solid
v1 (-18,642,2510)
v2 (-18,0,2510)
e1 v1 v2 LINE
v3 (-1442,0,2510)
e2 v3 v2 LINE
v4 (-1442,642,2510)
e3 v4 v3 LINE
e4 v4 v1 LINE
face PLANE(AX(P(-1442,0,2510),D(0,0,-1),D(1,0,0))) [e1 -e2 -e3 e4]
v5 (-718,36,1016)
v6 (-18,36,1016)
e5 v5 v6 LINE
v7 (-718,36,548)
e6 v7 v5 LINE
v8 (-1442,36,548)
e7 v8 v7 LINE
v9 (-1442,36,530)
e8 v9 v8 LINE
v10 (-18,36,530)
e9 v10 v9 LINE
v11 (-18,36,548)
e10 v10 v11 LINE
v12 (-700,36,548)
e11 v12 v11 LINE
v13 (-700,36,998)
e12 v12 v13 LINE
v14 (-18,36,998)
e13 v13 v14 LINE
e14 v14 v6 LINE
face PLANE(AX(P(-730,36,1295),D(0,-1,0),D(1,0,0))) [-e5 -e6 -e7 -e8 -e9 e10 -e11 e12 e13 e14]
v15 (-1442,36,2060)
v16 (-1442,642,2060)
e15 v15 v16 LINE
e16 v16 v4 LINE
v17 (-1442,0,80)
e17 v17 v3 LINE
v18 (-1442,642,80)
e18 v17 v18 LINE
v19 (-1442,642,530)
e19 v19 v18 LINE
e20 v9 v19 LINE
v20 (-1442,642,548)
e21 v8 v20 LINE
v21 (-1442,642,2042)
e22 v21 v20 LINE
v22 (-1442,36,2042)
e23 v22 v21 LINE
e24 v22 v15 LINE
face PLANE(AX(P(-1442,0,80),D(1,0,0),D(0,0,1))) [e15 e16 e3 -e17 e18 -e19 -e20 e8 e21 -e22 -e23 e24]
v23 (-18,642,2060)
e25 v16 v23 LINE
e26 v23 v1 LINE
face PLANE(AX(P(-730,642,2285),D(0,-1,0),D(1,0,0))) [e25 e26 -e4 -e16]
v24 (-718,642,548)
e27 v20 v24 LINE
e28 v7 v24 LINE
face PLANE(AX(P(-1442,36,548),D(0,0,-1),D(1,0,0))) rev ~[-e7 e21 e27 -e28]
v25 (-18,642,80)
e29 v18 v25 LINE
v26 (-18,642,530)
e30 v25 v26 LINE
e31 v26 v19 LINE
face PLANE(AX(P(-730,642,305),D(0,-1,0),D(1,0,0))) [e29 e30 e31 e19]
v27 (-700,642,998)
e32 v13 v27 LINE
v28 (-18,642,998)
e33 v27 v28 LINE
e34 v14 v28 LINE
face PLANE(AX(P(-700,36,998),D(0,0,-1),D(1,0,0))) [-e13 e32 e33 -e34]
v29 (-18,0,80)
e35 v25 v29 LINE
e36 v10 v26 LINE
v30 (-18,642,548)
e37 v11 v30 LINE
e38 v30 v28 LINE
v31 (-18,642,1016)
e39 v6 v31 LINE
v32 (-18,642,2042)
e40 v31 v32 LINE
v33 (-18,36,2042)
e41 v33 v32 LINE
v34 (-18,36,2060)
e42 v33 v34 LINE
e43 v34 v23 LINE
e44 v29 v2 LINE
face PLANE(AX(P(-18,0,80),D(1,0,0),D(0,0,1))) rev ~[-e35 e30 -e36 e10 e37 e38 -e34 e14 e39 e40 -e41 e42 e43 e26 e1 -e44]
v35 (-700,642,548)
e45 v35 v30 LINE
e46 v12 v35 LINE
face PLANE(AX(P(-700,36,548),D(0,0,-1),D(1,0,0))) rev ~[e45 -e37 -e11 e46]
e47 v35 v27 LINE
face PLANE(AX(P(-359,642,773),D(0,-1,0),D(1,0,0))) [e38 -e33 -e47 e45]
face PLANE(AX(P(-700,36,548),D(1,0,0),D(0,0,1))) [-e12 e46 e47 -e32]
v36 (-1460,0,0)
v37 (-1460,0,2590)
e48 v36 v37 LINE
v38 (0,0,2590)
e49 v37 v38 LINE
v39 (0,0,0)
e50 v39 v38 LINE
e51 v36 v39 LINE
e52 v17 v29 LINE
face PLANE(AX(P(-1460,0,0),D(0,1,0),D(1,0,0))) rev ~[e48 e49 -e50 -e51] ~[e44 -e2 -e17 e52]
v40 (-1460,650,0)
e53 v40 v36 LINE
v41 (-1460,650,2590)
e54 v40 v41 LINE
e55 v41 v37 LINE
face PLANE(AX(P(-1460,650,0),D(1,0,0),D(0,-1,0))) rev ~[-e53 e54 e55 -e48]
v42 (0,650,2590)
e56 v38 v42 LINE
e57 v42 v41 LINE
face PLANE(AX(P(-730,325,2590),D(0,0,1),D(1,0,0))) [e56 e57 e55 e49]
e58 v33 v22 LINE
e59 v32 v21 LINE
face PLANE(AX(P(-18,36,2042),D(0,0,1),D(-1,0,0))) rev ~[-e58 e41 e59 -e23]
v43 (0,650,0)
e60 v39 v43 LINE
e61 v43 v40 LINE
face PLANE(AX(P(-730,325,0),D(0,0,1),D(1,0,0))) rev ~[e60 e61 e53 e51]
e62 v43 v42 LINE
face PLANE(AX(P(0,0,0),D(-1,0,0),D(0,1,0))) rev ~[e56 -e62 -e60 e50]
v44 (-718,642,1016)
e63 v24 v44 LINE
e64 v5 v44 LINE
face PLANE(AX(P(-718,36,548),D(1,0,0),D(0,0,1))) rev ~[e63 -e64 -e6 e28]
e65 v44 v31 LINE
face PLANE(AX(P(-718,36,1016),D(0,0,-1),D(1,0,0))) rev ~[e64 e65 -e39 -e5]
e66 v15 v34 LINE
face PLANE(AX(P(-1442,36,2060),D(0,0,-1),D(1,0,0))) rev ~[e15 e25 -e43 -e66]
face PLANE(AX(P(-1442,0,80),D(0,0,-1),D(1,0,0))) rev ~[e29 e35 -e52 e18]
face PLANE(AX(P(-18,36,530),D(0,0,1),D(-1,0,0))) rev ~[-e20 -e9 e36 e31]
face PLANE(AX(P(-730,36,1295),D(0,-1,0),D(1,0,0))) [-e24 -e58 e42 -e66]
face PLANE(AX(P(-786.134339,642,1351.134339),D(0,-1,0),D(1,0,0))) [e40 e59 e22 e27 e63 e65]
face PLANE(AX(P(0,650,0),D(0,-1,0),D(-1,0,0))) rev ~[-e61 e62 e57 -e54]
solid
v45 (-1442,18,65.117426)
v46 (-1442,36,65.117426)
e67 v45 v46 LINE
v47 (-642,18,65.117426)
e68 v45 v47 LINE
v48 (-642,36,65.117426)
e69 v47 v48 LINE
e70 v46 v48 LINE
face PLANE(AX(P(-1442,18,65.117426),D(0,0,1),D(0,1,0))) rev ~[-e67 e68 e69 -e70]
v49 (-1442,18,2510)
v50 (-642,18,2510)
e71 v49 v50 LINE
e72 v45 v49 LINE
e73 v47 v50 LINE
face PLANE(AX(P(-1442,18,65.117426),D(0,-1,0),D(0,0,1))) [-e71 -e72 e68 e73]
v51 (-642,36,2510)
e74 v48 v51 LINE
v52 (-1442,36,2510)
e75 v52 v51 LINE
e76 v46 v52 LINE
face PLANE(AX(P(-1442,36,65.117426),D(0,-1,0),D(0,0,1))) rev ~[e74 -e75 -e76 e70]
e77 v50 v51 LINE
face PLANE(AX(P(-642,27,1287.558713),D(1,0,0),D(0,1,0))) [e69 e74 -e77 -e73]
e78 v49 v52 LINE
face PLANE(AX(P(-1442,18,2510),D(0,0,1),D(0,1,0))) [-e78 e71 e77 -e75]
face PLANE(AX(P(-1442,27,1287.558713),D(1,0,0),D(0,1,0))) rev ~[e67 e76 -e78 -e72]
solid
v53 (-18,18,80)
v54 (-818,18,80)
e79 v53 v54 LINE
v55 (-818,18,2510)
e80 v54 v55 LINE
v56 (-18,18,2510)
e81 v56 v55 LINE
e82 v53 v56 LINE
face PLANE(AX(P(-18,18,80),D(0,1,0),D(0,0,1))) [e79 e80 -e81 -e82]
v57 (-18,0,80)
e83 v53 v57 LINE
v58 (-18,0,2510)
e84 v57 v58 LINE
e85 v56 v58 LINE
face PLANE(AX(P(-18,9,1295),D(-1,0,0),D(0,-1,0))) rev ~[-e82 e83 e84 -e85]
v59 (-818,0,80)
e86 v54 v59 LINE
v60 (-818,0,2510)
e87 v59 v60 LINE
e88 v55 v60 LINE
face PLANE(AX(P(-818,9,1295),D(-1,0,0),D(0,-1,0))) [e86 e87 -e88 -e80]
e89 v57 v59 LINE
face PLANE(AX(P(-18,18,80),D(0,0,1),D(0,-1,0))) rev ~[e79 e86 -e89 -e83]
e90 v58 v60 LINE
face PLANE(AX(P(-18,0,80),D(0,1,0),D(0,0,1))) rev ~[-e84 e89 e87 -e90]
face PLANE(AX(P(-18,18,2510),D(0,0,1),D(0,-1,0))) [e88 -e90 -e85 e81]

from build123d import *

# Parameters (mm, degrees)
F1_DEPTH = 2590
F2_W     = 1424
F2_H     = 2430
F3_DEPTH = 36
F4_W     = 1424
F4_H     = 450
F4_W_2   = 682
F5_DEPTH = 606
F6_W     = 18
F6_H     = 2430
F7_DEPTH = 800
F8_W     = 18
F8_H     = 2444.882574
F9_DEPTH = 800


with BuildPart() as f1:
    # F0 (on Top) → F1 (new body)
    with BuildSketch(Plane.XY):
        Polygon((-1460, 0), (0, 0), (0, 650), (-1460, 650), (-1460, 430), (-1460, 325), align=None)
    extrude(amount=F1_DEPTH)

    # F2 (on face) → F3 (cut)
    with BuildSketch(Plane.XZ):
        with Locations((-730, 1295)):
            Rectangle(F2_W, F2_H)
    extrude(amount=-F3_DEPTH, mode=Mode.SUBTRACT)

    # F4 (on face) → F5 (cut)
    with BuildSketch(Plane.XZ.offset(-36)):
        with Locations((-730, 2285)):
            Rectangle(F4_W, F4_H)
        with Locations((-359, 773)):
            Rectangle(F4_W_2, F4_H)
        Polygon((-18, 2042), (-1442, 2042), (-1442, 548), (-718, 548), (-718, 1016), (-18, 1016), align=None)
        Polygon((-18, 530), (-1442, 530), (-1442, 104.263887), (-1442, 80), (-18, 80), align=None)
    extrude(amount=-F5_DEPTH, mode=Mode.SUBTRACT)


with BuildPart() as f7:
    # F6 (on face) → F7 (new body)
    with BuildSketch(Plane(origin=(-18, 0, 0), x_dir=(0, -1, 0), z_dir=(-1, 0, 0))):
        with Locations((-9, 1295)):
            Rectangle(F6_W, F6_H)
    extrude(amount=F7_DEPTH)


with BuildPart() as f9:
    # F8 (on face) → F9 (new body)
    with BuildSketch(Plane.YZ.offset(-1442)):
        with Locations((27, 1287.558713)):
            Rectangle(F8_W, F8_H)
    extrude(amount=F9_DEPTH)


solid = Compound([f1.part, f7.part, f9.part])
